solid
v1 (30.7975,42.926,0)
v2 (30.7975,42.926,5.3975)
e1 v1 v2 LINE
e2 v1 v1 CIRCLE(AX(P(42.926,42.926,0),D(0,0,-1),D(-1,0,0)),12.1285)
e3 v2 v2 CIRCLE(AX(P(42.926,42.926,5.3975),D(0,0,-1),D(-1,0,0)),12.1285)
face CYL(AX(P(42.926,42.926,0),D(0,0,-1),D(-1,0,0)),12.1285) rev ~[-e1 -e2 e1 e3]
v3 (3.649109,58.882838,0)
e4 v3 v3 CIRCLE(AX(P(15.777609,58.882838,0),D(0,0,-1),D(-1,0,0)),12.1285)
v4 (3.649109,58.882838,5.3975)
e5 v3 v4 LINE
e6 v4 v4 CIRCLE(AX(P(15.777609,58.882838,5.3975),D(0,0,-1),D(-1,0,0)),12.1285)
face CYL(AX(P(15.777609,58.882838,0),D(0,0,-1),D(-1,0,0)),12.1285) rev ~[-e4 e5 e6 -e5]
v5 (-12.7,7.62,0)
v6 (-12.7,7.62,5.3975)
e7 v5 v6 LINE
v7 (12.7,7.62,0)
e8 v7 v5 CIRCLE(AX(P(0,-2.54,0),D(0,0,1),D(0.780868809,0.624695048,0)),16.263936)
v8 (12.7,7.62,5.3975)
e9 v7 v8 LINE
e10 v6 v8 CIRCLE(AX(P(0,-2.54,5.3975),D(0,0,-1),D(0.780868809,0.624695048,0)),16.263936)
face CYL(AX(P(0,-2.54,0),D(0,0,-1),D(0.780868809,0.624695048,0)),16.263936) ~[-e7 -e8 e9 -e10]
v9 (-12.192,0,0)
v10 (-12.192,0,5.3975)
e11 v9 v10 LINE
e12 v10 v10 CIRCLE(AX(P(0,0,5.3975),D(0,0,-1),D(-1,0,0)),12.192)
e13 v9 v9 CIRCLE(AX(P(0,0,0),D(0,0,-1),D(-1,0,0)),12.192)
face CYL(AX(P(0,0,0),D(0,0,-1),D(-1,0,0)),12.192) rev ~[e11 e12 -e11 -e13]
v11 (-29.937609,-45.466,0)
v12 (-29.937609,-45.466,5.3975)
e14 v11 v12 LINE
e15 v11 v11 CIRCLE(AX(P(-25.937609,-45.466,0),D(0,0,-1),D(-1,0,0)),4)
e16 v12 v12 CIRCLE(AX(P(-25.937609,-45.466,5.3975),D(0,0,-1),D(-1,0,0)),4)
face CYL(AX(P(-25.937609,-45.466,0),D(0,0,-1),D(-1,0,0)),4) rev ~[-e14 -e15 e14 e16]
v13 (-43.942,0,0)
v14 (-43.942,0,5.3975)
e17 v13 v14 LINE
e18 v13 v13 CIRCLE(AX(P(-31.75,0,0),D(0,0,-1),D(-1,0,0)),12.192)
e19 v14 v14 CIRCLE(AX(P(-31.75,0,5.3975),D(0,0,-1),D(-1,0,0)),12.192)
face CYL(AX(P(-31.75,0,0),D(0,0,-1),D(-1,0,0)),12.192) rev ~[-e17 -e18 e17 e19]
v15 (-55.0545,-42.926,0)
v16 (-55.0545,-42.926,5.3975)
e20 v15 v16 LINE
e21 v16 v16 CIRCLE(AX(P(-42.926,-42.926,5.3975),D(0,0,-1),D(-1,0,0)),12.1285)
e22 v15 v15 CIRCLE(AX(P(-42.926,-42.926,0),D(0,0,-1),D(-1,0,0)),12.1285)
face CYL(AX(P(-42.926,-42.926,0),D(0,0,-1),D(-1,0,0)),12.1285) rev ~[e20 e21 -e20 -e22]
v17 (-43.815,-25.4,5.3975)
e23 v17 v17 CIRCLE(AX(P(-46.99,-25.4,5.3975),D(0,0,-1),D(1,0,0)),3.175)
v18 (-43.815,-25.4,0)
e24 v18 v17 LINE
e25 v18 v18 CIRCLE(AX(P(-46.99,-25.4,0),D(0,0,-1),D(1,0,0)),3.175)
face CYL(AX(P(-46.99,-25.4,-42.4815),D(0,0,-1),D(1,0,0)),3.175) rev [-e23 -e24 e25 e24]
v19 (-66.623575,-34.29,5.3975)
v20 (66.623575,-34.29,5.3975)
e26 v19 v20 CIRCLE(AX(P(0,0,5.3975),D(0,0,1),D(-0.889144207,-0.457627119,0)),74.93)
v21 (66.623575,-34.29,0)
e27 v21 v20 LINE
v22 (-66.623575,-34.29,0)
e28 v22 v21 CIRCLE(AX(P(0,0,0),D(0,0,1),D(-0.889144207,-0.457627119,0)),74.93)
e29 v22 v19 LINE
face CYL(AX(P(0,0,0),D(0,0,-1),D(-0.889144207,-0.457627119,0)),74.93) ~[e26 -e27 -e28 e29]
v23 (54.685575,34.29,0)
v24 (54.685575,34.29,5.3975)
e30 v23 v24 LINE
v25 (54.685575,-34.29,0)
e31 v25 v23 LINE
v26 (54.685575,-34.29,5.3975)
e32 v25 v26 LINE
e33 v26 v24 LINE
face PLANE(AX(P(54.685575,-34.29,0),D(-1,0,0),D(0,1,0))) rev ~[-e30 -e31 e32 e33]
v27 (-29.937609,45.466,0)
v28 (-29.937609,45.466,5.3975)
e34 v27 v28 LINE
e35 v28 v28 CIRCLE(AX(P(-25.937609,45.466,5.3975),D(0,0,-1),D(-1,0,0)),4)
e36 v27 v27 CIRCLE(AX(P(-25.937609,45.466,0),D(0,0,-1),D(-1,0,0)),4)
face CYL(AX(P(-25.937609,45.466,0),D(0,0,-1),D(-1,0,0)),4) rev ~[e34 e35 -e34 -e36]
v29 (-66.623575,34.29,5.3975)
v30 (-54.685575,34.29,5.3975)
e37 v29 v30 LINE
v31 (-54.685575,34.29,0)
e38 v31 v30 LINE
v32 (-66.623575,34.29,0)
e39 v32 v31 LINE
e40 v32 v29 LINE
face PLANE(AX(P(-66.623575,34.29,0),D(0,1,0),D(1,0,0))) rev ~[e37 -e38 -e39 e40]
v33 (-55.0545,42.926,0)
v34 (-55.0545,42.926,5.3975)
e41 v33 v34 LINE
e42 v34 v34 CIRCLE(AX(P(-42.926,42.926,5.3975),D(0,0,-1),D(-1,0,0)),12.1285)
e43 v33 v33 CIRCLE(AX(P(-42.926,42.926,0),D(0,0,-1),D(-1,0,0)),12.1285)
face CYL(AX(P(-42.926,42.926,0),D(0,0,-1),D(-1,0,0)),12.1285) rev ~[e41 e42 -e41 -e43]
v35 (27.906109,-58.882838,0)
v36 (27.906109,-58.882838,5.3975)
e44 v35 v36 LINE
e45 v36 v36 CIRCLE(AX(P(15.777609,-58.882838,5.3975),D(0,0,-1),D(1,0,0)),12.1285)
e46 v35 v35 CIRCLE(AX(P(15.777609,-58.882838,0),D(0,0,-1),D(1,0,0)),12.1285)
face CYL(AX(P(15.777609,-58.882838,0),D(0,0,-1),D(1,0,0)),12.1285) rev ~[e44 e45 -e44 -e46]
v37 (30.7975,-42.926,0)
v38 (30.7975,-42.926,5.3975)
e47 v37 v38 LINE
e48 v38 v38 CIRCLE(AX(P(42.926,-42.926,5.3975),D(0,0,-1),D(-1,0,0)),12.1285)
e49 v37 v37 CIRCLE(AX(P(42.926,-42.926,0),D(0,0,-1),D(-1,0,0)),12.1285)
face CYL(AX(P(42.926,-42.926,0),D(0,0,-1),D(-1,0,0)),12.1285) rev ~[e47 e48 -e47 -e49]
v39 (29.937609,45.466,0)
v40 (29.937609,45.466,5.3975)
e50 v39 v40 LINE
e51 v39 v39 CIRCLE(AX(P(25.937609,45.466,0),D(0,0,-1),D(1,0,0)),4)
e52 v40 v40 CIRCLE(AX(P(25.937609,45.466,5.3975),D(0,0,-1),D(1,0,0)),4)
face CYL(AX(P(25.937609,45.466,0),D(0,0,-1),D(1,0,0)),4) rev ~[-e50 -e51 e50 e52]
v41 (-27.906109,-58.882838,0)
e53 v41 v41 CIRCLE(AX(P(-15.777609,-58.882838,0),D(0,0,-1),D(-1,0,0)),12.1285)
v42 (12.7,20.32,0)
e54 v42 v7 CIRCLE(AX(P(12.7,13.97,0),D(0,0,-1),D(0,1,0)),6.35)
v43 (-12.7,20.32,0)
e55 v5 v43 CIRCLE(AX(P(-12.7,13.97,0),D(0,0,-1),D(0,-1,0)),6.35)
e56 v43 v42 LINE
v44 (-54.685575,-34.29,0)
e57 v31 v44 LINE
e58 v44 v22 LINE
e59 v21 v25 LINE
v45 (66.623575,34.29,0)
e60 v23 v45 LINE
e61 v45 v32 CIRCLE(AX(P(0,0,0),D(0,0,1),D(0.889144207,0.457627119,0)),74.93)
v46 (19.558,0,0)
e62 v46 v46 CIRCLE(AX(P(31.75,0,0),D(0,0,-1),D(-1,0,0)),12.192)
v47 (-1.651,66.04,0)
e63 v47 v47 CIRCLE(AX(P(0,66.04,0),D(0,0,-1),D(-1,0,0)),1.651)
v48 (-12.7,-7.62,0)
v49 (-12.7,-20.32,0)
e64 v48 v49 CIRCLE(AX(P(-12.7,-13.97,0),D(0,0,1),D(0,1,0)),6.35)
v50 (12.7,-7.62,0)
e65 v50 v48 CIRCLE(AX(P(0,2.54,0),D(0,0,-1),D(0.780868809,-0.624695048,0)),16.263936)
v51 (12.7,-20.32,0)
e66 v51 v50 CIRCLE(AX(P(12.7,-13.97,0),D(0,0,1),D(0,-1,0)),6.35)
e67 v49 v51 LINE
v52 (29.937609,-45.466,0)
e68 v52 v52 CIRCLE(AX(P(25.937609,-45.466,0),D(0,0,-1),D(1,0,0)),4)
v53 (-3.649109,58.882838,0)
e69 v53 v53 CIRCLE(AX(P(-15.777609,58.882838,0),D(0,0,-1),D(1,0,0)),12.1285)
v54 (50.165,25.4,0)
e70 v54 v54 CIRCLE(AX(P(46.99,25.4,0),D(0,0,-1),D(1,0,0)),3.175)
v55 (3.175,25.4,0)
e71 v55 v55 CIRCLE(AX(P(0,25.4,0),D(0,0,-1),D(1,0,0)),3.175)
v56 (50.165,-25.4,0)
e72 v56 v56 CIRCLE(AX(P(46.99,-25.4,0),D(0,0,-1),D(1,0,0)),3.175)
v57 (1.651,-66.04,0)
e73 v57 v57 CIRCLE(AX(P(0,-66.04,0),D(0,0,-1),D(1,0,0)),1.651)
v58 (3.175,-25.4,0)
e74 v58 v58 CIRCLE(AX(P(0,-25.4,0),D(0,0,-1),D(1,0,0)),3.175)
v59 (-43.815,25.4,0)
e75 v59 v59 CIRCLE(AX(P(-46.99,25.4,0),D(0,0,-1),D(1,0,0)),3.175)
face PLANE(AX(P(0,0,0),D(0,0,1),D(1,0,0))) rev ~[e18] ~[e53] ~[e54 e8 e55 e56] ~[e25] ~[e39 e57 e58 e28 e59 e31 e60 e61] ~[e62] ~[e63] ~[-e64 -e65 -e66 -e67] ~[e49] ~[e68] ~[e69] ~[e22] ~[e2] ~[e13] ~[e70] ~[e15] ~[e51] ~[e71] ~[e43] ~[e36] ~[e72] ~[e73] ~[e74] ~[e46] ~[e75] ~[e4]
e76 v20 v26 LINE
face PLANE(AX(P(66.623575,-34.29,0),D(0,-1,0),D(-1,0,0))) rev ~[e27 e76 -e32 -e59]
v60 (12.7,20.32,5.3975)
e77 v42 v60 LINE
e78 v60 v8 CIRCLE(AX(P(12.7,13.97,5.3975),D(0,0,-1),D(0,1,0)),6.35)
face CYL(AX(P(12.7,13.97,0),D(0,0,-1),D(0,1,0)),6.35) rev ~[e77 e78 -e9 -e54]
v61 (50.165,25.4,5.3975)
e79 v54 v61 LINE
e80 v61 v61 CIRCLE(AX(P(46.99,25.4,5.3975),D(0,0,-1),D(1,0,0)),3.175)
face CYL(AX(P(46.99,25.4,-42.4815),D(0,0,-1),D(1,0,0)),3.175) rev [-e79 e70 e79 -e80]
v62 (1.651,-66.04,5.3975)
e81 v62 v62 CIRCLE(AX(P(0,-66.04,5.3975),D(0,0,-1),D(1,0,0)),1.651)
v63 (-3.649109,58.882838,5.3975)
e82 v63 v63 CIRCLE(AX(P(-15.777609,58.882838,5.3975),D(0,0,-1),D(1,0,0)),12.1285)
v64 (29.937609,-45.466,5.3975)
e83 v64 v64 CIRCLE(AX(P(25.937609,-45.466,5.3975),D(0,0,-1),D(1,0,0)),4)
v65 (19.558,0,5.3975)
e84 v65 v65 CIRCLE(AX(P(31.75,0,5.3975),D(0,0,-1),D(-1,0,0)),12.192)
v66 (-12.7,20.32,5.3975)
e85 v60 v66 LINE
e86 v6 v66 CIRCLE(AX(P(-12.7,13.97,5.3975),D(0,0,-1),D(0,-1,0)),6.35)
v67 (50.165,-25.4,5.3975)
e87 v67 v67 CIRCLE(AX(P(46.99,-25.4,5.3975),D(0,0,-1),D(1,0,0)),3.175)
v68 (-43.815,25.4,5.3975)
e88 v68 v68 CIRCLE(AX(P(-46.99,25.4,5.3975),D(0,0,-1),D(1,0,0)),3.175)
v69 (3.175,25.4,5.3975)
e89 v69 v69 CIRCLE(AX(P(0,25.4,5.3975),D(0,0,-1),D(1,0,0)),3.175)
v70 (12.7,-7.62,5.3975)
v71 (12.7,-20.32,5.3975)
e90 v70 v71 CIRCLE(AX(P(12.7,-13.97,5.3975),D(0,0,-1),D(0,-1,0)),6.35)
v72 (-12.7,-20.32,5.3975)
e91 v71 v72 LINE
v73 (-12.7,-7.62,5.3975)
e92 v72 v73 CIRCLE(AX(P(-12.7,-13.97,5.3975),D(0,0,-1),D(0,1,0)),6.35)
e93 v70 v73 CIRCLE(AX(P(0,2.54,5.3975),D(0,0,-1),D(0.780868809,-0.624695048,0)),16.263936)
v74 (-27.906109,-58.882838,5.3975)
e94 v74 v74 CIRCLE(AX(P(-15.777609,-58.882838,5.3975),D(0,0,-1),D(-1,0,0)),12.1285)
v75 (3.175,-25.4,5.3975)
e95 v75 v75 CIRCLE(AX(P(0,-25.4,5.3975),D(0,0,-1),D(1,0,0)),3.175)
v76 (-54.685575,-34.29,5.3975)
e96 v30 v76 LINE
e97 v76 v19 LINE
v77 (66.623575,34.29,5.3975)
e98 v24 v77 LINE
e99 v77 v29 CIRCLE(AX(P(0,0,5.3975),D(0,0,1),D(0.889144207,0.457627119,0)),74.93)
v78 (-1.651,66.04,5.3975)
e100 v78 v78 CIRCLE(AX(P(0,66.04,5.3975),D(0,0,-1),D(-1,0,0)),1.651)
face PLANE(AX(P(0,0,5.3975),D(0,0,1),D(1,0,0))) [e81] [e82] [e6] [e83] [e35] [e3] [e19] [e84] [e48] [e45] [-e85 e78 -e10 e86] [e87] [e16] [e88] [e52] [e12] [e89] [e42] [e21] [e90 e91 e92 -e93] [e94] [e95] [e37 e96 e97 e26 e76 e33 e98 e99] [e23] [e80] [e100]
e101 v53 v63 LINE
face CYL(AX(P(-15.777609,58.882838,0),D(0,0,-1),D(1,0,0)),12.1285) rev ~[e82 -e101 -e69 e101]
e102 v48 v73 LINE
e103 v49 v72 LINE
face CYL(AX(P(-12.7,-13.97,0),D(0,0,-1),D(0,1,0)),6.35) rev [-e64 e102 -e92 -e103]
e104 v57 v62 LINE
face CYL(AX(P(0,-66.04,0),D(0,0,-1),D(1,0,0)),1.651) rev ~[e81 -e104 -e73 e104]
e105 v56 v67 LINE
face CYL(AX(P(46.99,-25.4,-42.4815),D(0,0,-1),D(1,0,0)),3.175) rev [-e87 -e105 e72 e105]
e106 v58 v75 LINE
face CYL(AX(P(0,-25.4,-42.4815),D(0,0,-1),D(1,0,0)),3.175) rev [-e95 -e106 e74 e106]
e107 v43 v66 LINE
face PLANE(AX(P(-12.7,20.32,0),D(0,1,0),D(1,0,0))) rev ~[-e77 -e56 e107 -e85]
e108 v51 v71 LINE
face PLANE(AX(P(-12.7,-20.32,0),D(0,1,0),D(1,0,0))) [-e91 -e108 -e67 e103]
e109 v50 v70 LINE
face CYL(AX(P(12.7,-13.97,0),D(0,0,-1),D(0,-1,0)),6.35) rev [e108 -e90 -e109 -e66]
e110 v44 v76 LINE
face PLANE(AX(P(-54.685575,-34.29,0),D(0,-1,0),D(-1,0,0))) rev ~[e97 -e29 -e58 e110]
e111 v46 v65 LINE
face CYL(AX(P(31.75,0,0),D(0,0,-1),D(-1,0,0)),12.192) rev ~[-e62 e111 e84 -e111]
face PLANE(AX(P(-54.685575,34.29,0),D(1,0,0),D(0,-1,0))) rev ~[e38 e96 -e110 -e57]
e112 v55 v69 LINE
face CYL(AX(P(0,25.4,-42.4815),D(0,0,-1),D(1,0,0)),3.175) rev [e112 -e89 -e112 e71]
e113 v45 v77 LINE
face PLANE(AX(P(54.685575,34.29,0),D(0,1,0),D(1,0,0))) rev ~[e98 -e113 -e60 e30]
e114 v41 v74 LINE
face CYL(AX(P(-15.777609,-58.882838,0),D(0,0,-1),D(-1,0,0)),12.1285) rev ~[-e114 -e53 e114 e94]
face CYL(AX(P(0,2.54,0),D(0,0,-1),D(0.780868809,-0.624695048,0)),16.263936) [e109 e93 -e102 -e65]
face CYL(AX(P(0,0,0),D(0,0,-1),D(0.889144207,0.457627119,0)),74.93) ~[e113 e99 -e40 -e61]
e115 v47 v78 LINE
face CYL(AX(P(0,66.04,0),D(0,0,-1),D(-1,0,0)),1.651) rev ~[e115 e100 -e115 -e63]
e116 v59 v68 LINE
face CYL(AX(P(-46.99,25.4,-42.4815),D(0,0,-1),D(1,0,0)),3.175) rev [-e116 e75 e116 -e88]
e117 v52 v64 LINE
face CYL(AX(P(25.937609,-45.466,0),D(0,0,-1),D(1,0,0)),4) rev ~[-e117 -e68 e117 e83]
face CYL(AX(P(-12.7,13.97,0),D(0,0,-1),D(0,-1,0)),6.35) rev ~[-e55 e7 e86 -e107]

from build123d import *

# Parameters (mm, degrees)
SKETCH1_R                = 1.651
BOSS_EXTRUDE2_DEPTH      = 5.3975
SKETCH4_W                = 37.082318314
SKETCH4_H                = 34.047903563
SKETCH4_W_2              = 37.024578492
SKETCH4_H_2              = 32.488734362
BOSS_EXTRUDE3_DEPTH      = 5.3975
SKETCH3_R                = 12.192
SKETCH3_R_2              = 12.1285
CUT_EXTRUDE2_DEPTH       = 101.410849545
SKETCH12_R               = 4
CUT_EXTRUDE10_DEPTH      = 83.312
SKETCH15_R               = 1.651
CUT_EXTRUDE17_DEPTH      = 83.312
SKETCH35_R               = 3.175
CUT_EXTRUDE37_DEPTH      = 103.378
CUT_EXTRUDE37_DEPTH_BACK = 48.768
SKETCH40_R               = 12.192
CUT_EXTRUDE43_DEPTH      = 25.4


with BuildPart() as part:
    # Sketch1 → Boss-Extrude2 (new body)
    with BuildSketch(Plane.XY):
        with BuildLine():
            Line((-66.623575407, 34.29), (-54.685575407, 34.29))
            Line((-54.685575407, 34.29), (-54.685575407, -34.29))
            Line((-54.685575407, -34.29), (-66.623575407, -34.29))
            ThreePointArc((-66.623575407, -34.29), (0, -74.93), (66.623575407, -34.29))
            Line((66.623575407, -34.29), (54.685575407, -34.29))
            Line((54.685575407, -34.29), (54.685575407, 34.29))
            Line((54.685575407, 34.29), (66.623575407, 34.29))
            ThreePointArc((66.623575407, 34.29), (0, 74.93), (-66.623575407, 34.29))
        make_face()
        with Locations((-45.466, 11.049)):
            Circle(SKETCH1_R, mode=Mode.SUBTRACT)
        with Locations((-20.067270032, 10.795)):
            Circle(SKETCH1_R, mode=Mode.SUBTRACT)
        with Locations(Location((-20.067270032, -10.795, 0), (0, 0, 180))):
            Circle(SKETCH1_R, mode=Mode.SUBTRACT)
        with Locations(Location((-45.466, -11.049, 0), (0, 0, 180))):
            Circle(SKETCH1_R, mode=Mode.SUBTRACT)
        with Locations((45.466, -11.049)):
            Circle(SKETCH1_R, mode=Mode.SUBTRACT)
        with Locations((20.067270032, -10.795)):
            Circle(SKETCH1_R, mode=Mode.SUBTRACT)
        with Locations(Location((20.067270032, 10.795, 0), (0, 0, 180))):
            Circle(SKETCH1_R, mode=Mode.SUBTRACT)
        with Locations(Location((45.466, 11.049, 0), (0, 0, 180))):
            Circle(SKETCH1_R, mode=Mode.SUBTRACT)
    extrude(amount=BOSS_EXTRUDE2_DEPTH)

    # Sketch4 → Boss-Extrude3 (add)
    with BuildSketch(Plane(origin=(0, 0, 0), x_dir=(-1, 0, 0), z_dir=(0, 0, -1))):
        with Locations((32.991199211, -1.421154886)):
            Rectangle(SKETCH4_W, SKETCH4_H)
        with Locations((-34.085074962, -0.641570285)):
            Rectangle(SKETCH4_W_2, SKETCH4_H_2)
    extrude(amount=-BOSS_EXTRUDE3_DEPTH)

    # Sketch3 → Cut-Extrude2 (cut, through all)
    with BuildSketch(Plane(origin=(0, 0, 0), x_dir=(-1, 0, 0), z_dir=(0, 0, -1))):
        Circle(SKETCH3_R)
        with Locations((-42.926, -42.926)):
            Circle(SKETCH3_R_2)
        with Locations((15.777608989, -58.882838371)):
            Circle(SKETCH3_R_2)
        with Locations(Location((15.777608989, 58.882838371, 0), (0, 0, 180))):
            Circle(SKETCH3_R_2)
        with Locations((-42.926, 42.926)):
            Circle(SKETCH3_R_2)
        with Locations((42.926, 42.926)):
            Circle(SKETCH3_R_2)
        with Locations((-15.777608989, 58.882838371)):
            Circle(SKETCH3_R_2)
        with Locations(Location((-15.777608989, -58.882838371, 0), (0, 0, 180))):
            Circle(SKETCH3_R_2)
        with Locations((42.926, -42.926)):
            Circle(SKETCH3_R_2)
    extrude(amount=-CUT_EXTRUDE2_DEPTH, mode=Mode.SUBTRACT)

    # Sketch12 → Cut-Extrude10 (cut)
    with BuildSketch(Plane(origin=(0, 0, 0), x_dir=(-1, 0, 0), z_dir=(0, 0, -1))):
        with Locations((25.937608989, 45.466)):
            Circle(SKETCH12_R)
        with Locations((25.937608989, -45.466)):
            Circle(SKETCH12_R)
        with Locations(Location((-25.937608989, 45.466, 0), (0, 0, 180))):
            Circle(SKETCH12_R)
        with Locations(Location((-25.937608989, -45.466, 0), (0, 0, 180))):
            Circle(SKETCH12_R)
    extrude(amount=-CUT_EXTRUDE10_DEPTH, mode=Mode.SUBTRACT)

    # Sketch15 → Cut-Extrude17 (cut)
    with BuildSketch(Plane(origin=(0, 0, 0), x_dir=(-1, 0, 0), z_dir=(0, 0, -1))):
        with Locations((0, 66.04)):
            Circle(SKETCH15_R)
        with Locations(Location((0, -66.04, 0), (0, 0, 180))):
            Circle(SKETCH15_R)
    extrude(amount=-CUT_EXTRUDE17_DEPTH, mode=Mode.SUBTRACT)

    # Sketch35 → Cut-Extrude37 (cut, two sides)
    with BuildSketch(Plane(origin=(-30.092005081, 4.08352975, -42.4815), x_dir=(1, 0, 0), z_dir=(0, 0, 1))) as cut_extrude37_sk:
        with Locations((-16.897994919, 21.31647025)):
            Circle(SKETCH35_R)
        with Locations((77.082005081, 21.31647025)):
            Circle(SKETCH35_R)
        with Locations((30.092005081, 21.31647025)):
            Circle(SKETCH35_R)
        with Locations((77.082005081, -29.48352975)):
            Circle(SKETCH35_R)
        with Locations((30.092005081, -29.48352975)):
            Circle(SKETCH35_R)
        with Locations((-16.897994919, -29.48352975)):
            Circle(SKETCH35_R)
    extrude(amount=CUT_EXTRUDE37_DEPTH, mode=Mode.SUBTRACT)
    extrude(cut_extrude37_sk.sketch, amount=-CUT_EXTRUDE37_DEPTH_BACK, mode=Mode.SUBTRACT)

    # Sketch40 → Cut-Extrude43 (cut)
    with BuildSketch(Plane(origin=(0, 0, 0), x_dir=(-1, 0, 0), z_dir=(0, 0, -1))):
        with Locations((-31.75, 0)):
            Circle(SKETCH40_R)
        with Locations((31.75, 0)):
            Circle(SKETCH40_R)
        with BuildLine():
            Line((12.7, -20.32), (-12.7, -20.32))
            ThreePointArc((-12.7, -20.32), (-19.05, -13.97), (-12.7, -7.62))
            ThreePointArc((-12.7, -7.62), (0, -13.723935563), (12.7, -7.62))
            ThreePointArc((12.7, -7.62), (19.05, -13.97), (12.7, -20.32))
        make_face()
        with BuildLine():
            Line((12.7, 20.32), (-12.7, 20.32))
            ThreePointArc((-12.7, 20.32), (-19.05, 13.97), (-12.7, 7.62))
            ThreePointArc((-12.7, 7.62), (0, 13.723935563), (12.7, 7.62))
            ThreePointArc((12.7, 7.62), (19.05, 13.97), (12.7, 20.32))
        make_face()
    extrude(amount=-CUT_EXTRUDE43_DEPTH, mode=Mode.SUBTRACT)


solid = part.part
